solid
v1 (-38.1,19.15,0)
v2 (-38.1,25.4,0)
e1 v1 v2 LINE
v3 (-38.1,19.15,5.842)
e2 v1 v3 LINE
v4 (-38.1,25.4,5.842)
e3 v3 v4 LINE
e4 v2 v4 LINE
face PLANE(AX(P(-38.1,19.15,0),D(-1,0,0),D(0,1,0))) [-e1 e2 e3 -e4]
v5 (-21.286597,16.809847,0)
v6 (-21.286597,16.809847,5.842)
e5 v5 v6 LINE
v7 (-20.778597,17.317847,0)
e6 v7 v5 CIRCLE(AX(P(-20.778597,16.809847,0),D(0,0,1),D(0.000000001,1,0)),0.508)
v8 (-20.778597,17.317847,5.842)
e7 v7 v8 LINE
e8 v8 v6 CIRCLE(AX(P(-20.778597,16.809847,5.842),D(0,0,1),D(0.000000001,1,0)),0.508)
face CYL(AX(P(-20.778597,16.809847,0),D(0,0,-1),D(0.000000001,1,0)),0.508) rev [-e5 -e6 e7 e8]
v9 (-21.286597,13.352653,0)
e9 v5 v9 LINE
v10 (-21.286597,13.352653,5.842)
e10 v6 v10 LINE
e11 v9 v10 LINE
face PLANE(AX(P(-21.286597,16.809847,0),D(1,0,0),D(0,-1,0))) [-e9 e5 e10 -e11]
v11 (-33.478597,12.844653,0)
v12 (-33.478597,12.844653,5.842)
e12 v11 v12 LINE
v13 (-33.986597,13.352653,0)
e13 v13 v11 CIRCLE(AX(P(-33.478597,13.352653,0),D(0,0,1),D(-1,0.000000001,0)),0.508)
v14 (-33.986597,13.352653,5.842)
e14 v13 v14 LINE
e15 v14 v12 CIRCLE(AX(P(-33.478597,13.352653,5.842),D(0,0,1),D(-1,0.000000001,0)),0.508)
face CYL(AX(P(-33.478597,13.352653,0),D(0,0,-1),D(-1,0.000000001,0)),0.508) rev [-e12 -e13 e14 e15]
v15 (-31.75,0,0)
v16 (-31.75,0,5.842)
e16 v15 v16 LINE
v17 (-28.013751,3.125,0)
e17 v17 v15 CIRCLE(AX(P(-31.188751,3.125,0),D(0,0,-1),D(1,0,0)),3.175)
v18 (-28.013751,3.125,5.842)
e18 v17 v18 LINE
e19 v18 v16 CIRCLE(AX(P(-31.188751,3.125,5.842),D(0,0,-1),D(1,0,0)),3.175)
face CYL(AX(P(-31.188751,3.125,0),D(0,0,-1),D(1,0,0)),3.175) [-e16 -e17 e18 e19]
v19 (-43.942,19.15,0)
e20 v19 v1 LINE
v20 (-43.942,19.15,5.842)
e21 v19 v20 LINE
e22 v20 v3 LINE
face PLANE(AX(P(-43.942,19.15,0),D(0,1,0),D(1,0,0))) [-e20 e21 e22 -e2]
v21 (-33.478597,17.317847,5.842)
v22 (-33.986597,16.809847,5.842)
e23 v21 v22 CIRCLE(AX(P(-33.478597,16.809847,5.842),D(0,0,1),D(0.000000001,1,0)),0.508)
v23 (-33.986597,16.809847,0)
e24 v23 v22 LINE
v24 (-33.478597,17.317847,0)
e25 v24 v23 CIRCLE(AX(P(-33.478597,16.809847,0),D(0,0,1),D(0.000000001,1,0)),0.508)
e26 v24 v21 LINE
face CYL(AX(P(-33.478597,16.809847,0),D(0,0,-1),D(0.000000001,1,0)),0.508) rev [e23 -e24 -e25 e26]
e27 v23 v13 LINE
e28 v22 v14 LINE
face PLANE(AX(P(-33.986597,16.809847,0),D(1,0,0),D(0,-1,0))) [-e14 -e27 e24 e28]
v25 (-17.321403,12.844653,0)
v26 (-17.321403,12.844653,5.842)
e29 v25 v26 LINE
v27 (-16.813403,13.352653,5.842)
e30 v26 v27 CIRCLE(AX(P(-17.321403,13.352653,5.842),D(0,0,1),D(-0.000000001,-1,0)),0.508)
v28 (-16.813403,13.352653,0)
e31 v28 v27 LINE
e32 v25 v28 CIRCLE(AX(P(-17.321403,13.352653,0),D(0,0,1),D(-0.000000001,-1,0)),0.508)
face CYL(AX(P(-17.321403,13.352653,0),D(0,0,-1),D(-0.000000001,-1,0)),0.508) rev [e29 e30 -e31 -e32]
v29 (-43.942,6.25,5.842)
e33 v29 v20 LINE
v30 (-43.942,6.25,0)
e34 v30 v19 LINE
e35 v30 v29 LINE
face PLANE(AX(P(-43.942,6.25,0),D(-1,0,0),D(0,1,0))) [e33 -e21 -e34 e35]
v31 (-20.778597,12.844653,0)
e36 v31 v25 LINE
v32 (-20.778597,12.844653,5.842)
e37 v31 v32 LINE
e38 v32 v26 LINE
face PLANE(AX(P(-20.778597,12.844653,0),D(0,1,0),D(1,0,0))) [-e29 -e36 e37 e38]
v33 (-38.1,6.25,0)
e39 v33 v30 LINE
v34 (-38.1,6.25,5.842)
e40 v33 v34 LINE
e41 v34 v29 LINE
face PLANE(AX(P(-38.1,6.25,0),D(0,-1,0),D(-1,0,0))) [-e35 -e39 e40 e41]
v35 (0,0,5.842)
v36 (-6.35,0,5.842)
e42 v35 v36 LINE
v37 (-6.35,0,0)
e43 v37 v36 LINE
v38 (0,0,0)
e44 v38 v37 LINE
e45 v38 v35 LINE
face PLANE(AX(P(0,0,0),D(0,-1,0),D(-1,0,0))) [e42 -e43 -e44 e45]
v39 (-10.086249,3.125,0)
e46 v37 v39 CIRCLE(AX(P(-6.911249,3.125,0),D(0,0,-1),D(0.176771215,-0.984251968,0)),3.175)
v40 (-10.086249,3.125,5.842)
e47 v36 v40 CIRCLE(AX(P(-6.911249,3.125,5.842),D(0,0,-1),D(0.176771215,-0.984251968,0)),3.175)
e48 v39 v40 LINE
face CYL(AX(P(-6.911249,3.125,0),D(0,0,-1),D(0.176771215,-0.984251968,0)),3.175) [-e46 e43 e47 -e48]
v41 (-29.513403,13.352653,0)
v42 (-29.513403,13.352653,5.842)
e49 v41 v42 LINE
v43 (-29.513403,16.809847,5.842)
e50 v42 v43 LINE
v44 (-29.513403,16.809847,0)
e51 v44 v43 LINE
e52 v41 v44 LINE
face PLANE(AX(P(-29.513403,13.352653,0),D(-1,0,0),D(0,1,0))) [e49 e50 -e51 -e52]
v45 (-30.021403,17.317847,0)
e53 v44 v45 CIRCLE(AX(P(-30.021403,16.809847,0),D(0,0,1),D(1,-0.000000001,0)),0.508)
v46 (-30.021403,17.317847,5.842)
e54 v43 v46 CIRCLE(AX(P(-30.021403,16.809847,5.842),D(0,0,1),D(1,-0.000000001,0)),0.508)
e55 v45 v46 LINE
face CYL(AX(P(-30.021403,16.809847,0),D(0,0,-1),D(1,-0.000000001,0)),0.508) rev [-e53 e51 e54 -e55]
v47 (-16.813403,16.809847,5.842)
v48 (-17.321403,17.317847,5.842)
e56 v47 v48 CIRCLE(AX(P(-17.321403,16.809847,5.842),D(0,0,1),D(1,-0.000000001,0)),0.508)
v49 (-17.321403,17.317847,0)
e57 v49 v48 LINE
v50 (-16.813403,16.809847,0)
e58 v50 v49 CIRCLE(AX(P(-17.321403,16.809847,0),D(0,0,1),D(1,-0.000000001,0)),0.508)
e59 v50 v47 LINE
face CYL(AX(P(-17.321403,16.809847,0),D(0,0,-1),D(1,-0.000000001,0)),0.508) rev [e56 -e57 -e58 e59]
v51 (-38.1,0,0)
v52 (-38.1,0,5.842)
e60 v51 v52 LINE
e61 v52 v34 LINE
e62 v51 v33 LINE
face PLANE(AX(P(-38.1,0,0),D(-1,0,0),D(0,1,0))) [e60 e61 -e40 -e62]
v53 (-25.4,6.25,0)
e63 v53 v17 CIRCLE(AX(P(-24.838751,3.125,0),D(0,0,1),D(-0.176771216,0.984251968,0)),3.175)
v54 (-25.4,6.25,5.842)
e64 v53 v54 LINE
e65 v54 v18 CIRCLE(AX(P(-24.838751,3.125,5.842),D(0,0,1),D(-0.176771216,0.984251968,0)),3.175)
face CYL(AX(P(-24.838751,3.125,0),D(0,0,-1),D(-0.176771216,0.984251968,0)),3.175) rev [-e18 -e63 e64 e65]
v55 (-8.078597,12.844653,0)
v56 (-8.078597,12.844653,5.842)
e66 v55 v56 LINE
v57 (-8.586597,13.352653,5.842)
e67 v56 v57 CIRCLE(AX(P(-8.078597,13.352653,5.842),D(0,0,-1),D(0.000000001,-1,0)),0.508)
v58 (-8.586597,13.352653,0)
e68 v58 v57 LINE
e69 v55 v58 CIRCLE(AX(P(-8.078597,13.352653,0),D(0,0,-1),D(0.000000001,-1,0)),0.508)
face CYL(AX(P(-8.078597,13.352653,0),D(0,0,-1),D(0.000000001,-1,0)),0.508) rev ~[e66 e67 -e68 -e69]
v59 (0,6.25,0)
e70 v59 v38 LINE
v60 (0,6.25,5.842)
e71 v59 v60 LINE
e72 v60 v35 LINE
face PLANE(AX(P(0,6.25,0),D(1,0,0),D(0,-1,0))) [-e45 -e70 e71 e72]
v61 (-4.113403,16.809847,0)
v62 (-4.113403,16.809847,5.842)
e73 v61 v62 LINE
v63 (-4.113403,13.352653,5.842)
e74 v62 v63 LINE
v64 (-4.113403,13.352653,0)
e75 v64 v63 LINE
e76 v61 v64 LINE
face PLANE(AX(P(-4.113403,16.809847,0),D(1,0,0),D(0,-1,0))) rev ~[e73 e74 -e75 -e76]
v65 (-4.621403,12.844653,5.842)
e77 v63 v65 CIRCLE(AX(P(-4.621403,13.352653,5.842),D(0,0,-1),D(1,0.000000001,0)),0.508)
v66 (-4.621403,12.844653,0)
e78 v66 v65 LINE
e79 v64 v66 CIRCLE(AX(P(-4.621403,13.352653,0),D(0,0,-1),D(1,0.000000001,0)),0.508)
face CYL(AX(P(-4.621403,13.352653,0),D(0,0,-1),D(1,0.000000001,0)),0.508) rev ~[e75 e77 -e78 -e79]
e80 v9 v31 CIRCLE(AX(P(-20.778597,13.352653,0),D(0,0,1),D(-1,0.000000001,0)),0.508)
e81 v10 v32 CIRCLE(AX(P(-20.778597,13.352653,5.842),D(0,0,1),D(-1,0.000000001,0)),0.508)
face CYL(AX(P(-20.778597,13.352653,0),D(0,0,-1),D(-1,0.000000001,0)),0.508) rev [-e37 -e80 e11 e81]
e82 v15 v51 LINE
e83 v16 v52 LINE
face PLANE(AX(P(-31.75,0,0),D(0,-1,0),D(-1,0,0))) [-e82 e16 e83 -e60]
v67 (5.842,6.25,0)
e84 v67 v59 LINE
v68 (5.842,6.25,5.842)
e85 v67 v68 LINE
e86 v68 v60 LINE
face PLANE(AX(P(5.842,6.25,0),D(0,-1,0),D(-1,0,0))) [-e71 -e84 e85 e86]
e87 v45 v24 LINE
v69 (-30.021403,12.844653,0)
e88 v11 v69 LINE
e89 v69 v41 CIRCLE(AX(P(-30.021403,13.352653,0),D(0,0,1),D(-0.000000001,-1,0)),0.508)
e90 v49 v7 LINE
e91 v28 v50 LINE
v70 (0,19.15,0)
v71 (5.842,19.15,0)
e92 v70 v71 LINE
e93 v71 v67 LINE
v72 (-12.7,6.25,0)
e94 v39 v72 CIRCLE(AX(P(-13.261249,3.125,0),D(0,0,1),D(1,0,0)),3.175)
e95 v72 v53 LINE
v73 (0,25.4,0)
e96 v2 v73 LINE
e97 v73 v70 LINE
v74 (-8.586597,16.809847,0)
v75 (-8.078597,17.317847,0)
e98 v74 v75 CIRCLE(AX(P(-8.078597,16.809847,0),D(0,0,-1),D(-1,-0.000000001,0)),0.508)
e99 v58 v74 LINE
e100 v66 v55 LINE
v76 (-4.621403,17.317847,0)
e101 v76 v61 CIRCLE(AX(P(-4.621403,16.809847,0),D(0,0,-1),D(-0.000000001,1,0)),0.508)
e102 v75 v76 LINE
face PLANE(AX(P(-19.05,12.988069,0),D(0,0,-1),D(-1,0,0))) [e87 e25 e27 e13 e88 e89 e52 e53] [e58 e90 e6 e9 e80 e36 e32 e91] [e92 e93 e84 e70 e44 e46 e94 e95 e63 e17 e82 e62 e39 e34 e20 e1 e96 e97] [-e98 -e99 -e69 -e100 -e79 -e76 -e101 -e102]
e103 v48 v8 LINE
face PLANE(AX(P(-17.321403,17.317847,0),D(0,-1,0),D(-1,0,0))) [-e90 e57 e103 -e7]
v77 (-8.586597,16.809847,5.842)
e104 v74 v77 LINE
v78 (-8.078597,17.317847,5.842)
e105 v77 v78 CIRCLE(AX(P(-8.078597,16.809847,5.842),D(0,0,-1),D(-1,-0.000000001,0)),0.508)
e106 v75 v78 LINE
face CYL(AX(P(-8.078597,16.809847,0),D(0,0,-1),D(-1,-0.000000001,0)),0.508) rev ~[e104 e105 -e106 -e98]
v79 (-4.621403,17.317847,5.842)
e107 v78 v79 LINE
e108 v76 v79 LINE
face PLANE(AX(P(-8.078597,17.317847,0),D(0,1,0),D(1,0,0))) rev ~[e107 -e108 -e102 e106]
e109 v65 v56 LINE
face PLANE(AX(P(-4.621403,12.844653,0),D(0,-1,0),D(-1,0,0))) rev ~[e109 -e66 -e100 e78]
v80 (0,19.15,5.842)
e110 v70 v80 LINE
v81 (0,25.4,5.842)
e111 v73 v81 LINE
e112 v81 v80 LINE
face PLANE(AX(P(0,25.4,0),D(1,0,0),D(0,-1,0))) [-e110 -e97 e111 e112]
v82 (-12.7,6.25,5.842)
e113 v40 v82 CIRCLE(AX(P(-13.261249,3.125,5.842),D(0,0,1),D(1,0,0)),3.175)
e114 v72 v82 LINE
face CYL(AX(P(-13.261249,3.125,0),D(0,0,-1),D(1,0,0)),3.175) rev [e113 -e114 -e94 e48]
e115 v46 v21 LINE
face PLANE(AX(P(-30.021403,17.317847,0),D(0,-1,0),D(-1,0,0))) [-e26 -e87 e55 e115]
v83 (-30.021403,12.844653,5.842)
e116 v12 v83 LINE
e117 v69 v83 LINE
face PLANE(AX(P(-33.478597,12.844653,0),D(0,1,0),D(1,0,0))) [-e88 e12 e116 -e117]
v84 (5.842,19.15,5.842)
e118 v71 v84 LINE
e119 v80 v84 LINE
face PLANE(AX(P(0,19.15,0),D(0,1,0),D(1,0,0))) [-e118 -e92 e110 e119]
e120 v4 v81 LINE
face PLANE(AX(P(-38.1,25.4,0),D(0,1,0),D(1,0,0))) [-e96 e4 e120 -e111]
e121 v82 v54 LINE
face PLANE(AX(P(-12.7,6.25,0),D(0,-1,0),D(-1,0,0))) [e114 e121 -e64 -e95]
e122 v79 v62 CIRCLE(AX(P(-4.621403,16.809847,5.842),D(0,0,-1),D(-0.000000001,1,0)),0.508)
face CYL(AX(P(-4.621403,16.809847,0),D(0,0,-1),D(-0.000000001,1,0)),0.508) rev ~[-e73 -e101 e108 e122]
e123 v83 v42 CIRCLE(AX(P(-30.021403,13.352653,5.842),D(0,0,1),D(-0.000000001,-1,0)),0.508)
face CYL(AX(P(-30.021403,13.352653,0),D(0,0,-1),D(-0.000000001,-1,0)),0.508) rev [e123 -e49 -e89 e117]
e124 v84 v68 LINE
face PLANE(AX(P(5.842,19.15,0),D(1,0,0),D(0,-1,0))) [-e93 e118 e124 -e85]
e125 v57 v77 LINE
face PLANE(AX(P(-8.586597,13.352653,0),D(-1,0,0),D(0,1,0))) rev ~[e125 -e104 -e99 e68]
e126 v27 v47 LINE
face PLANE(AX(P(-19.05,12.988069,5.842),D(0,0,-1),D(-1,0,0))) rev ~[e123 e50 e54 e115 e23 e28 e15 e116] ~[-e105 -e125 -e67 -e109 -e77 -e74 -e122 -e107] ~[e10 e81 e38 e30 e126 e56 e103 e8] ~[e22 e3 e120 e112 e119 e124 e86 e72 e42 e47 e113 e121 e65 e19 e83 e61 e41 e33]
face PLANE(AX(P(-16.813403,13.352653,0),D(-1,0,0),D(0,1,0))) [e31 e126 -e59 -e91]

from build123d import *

# Parameters (mm, degrees)
BOSS_EXTRUDE1_DEPTH = 5.842


with BuildPart() as part:
    # Sketch1 → Boss-Extrude1 (new body)
    with BuildSketch(Plane.XY):
        with BuildLine():
            Line((0, 0), (-6.35, 0))
            ThreePointArc((-6.35, 0), (-8.948239117, 0.689575054), (-10.086248608, 3.125))
            ThreePointArc((-10.086248608, 3.125), (-10.825823663, 5.161990509), (-12.7, 6.25))
            Line((-12.7, 6.25), (-25.4, 6.25))
            ThreePointArc((-25.4, 6.25), (-27.274176337, 5.161990509), (-28.013751392, 3.125))
            ThreePointArc((-28.013751392, 3.125), (-29.151760883, 0.689575054), (-31.75, 0))
            Line((-31.75, 0), (-38.1, 0))
            Line((-38.1, 0), (-38.1, 6.25))
            Line((-38.1, 6.25), (-43.942, 6.25))
            Line((-43.942, 6.25), (-43.942, 19.15))
            Line((-43.942, 19.15), (-38.1, 19.15))
            Line((-38.1, 19.15), (-38.1, 25.4))
            Line((-38.1, 25.4), (0, 25.4))
            Line((0, 25.4), (0, 19.15))
            Line((0, 19.15), (5.842, 19.15))
            Line((5.842, 19.15), (5.842, 6.25))
            Line((5.842, 6.25), (0, 6.25))
            Line((0, 6.25), (0, 0))
        make_face()
        with BuildLine():
            Line((-4.621403, 12.844653), (-8.078597, 12.844653))
            ThreePointArc((-8.078597, 12.844653), (-8.437807245, 12.993442755), (-8.586597, 13.352653))
            Line((-8.586597, 13.352653), (-8.586597, 16.809847))
            ThreePointArc((-8.586597, 16.809847), (-8.437807245, 17.169057245), (-8.078597, 17.317847))
            Line((-8.078597, 17.317847), (-4.621403, 17.317847))
            ThreePointArc((-4.621403, 17.317847), (-4.262192755, 17.169057245), (-4.113403, 16.809847))
            Line((-4.113403, 16.809847), (-4.113403, 13.352653))
            ThreePointArc((-4.113403, 13.352653), (-4.262192755, 12.993442755), (-4.621403, 12.844653))
        make_face(mode=Mode.SUBTRACT)
        with BuildLine():
            Line((-16.813403, 13.352653), (-16.813403, 16.809847))
            ThreePointArc((-16.813403, 16.809847), (-16.962192755, 17.169057245), (-17.321403, 17.317847))
            Line((-17.321403, 17.317847), (-20.778597, 17.317847))
            ThreePointArc((-20.778597, 17.317847), (-21.137807245, 17.169057245), (-21.286597, 16.809847))
            Line((-21.286597, 16.809847), (-21.286597, 13.352653))
            ThreePointArc((-21.286597, 13.352653), (-21.137807245, 12.993442755), (-20.778597, 12.844653))
            Line((-20.778597, 12.844653), (-17.321403, 12.844653))
            ThreePointArc((-17.321403, 12.844653), (-16.962192755, 12.993442755), (-16.813403, 13.352653))
        make_face(mode=Mode.SUBTRACT)
        with BuildLine():
            Line((-29.513403, 13.352653), (-29.513403, 16.809847))
            ThreePointArc((-29.513403, 16.809847), (-29.662192755, 17.169057245), (-30.021403, 17.317847))
            Line((-30.021403, 17.317847), (-33.478597, 17.317847))
            ThreePointArc((-33.478597, 17.317847), (-33.837807245, 17.169057245), (-33.986597, 16.809847))
            Line((-33.986597, 16.809847), (-33.986597, 13.352653))
            ThreePointArc((-33.986597, 13.352653), (-33.837807245, 12.993442755), (-33.478597, 12.844653))
            Line((-33.478597, 12.844653), (-30.021403, 12.844653))
            ThreePointArc((-30.021403, 12.844653), (-29.662192755, 12.993442755), (-29.513403, 13.352653))
        make_face(mode=Mode.SUBTRACT)
    extrude(amount=BOSS_EXTRUDE1_DEPTH)


solid = part.part
